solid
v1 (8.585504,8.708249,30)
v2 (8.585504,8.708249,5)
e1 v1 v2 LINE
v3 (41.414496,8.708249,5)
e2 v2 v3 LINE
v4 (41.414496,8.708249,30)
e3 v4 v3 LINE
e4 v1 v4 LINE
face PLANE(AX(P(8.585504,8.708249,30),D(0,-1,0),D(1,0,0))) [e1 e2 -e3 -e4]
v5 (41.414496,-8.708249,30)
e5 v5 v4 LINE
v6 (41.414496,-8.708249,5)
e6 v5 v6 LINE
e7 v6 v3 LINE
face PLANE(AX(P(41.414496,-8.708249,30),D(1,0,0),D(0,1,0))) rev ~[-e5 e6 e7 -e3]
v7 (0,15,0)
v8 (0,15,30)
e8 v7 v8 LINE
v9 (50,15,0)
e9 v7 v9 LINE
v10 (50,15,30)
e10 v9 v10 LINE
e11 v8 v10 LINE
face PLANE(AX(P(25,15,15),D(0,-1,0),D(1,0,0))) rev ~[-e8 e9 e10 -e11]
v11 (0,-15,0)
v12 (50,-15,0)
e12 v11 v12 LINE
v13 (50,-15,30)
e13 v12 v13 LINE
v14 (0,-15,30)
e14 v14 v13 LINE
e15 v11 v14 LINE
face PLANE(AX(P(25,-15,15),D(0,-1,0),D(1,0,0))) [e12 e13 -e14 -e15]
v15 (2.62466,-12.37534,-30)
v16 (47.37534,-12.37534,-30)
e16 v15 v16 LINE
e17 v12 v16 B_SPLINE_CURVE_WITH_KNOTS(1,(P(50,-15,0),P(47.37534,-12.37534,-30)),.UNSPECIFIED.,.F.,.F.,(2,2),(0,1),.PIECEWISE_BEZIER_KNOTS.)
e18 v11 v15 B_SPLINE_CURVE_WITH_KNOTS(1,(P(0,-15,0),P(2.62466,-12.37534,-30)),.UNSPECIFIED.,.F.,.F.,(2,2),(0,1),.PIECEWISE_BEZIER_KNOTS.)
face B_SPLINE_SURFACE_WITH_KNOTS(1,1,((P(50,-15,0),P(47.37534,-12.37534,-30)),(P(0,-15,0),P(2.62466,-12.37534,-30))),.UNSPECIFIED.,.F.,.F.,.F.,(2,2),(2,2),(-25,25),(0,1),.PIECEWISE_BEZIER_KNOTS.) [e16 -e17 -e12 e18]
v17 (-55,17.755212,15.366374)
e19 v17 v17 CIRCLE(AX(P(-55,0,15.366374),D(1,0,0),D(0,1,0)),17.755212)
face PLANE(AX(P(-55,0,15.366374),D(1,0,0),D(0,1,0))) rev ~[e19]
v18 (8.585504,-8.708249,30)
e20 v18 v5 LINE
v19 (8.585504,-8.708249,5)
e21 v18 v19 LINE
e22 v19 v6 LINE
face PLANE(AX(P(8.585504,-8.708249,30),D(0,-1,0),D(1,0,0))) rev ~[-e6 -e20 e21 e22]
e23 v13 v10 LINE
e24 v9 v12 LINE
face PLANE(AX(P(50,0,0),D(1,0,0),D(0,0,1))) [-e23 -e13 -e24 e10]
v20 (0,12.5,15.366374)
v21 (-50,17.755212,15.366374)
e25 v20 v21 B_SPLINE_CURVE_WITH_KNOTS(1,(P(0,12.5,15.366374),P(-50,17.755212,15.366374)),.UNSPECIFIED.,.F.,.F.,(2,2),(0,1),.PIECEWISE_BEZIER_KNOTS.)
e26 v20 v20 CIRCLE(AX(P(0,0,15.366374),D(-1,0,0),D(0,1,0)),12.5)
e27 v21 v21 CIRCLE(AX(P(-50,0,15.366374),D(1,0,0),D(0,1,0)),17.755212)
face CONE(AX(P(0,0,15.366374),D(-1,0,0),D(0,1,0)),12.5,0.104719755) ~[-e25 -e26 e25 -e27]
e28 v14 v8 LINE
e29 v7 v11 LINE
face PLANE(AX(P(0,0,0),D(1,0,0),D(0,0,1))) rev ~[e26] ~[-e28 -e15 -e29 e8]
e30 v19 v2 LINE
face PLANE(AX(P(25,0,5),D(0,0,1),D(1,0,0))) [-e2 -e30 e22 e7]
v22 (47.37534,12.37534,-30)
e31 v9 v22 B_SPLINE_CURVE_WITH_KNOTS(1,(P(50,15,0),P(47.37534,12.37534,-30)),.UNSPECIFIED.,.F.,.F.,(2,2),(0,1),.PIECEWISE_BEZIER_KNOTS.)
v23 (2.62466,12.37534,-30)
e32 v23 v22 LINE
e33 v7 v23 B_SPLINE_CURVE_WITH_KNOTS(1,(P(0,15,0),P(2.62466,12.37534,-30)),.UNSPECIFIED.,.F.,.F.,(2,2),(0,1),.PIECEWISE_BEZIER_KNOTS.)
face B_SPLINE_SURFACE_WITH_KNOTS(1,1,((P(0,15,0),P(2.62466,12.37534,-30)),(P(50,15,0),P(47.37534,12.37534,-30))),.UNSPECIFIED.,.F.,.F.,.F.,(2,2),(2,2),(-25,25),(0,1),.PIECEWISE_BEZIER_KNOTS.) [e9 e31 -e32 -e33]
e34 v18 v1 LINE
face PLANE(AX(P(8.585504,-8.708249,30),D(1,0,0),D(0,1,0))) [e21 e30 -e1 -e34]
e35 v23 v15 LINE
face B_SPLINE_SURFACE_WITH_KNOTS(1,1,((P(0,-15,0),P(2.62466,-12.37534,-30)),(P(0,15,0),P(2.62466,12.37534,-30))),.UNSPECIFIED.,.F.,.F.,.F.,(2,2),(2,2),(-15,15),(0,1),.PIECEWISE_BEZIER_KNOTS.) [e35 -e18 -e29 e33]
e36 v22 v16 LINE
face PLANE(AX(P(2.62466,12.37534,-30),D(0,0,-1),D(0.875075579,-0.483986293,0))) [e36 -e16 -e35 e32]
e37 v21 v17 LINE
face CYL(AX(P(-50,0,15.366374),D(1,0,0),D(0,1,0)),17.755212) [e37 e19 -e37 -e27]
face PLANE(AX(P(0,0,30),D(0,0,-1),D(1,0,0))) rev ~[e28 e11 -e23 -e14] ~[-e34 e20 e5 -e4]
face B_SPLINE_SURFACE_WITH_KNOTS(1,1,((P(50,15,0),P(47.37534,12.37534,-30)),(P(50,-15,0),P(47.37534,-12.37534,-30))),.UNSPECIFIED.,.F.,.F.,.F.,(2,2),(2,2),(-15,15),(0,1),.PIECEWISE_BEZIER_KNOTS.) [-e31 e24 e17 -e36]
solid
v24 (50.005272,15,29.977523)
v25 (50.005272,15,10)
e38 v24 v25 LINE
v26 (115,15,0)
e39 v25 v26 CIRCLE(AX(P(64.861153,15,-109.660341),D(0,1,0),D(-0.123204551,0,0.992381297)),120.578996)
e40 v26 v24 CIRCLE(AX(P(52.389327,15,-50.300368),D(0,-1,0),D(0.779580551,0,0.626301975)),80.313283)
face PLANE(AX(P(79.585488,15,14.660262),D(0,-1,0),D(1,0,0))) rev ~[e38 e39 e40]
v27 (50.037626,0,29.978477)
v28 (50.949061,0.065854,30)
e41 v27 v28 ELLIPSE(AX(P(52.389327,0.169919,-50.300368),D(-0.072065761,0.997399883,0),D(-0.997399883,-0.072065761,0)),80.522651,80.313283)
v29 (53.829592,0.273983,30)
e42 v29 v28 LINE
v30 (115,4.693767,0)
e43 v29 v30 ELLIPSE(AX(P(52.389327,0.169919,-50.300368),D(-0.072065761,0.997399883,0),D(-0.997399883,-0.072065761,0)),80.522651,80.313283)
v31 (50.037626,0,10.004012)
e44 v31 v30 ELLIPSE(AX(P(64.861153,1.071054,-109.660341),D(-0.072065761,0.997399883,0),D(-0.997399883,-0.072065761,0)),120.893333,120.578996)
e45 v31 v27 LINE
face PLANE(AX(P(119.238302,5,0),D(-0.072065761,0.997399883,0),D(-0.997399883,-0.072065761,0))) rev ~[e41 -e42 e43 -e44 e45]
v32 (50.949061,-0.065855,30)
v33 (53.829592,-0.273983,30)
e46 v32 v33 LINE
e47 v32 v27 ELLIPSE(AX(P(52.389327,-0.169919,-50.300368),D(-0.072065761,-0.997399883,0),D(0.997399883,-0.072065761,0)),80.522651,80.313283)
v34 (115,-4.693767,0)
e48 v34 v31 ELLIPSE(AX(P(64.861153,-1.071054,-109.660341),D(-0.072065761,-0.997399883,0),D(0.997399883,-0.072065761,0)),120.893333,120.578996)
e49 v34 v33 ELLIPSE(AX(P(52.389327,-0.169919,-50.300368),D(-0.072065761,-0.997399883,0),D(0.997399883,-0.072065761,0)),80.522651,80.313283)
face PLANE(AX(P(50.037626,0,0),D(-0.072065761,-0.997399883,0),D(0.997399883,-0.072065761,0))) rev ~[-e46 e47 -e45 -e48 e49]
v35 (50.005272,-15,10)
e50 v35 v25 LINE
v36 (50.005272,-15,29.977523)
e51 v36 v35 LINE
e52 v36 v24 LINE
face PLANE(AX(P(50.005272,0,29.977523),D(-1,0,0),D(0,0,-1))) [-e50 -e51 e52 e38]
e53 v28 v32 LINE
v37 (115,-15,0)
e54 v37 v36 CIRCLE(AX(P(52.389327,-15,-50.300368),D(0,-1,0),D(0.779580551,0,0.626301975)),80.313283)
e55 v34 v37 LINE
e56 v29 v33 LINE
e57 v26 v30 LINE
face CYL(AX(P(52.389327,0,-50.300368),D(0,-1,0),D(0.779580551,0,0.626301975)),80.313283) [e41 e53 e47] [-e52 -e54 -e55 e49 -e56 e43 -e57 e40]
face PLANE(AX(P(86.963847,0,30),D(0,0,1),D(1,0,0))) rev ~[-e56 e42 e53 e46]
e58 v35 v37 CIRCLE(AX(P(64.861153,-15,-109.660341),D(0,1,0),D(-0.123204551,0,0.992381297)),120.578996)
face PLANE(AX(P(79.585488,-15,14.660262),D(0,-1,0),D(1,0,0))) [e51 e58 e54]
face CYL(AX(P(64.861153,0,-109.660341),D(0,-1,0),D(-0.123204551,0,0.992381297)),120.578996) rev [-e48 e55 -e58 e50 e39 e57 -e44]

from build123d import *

# Parameters (mm, degrees)
F0_W      = 50
F0_H      = 30
F1_DEPTH  = 15
F1_FACE_W = 50
F1_FACE_H = 30
F2_DEPTH  = 30
F2_TAPER  = 5
F3_R      = 12.5
F4_DEPTH  = 50
F4_TAPER  = -6
F6_DEPTH  = 15
F7_DEPTH  = 5
F9_DEPTH  = 30
F10_W     = 32.8289911151
F10_H     = 17.4164976925
F11_DEPTH = 25


with BuildPart() as f1:
    # F0 (on Front) → F1 (new body, symmetric)
    with BuildSketch(Plane.XZ):
        with Locations((25, 15)):
            Rectangle(F0_W, F0_H)
    extrude(amount=F1_DEPTH, both=True)

    # F1_face (on face) → F2 (join)
    with BuildSketch(Plane(origin=(25, 0, 0), x_dir=(1, 0, 0), z_dir=(0, 0, -1))):
        Rectangle(F1_FACE_W, F1_FACE_H)
    extrude(amount=F2_DEPTH, taper=F2_TAPER)

    # F3 (on Right) → F4 (join)
    with BuildSketch(Plane.YZ):
        with Locations((0, 15.3663739569)):
            Circle(F3_R)
    extrude(amount=-F4_DEPTH, taper=F4_TAPER)

    # F7 (add): a face of the model
    f7_faces = [f1.faces().sort_by_distance(p)[0] for p in [
        (-50, 0, 15.3663739569),
    ]]
    extrude(f7_faces, amount=F7_DEPTH)

    # F10 (on face) → F11 (cut)
    with BuildSketch(Plane.XY.offset(30)):
        with Locations((25, 0)):
            Rectangle(F10_W, F10_H)
    extrude(amount=-F11_DEPTH, mode=Mode.SUBTRACT)


with BuildPart() as f6:
    # F5 (on Front) → F6 (new body, symmetric)
    with BuildSketch(Plane.XZ):
        with BuildLine():
            ThreePointArc((50.0052720308, 9.9999997765), (83.1975081998, 9.5163028491), (115, 0))
            ThreePointArc((115, 0), (86.0267220337, 22.6293864629), (50.0052720308, 29.9775227904))
            Line((50.0052720308, 29.9775227904), (50.0052720308, 9.9999997765))
        make_face()
    extrude(amount=F6_DEPTH, both=True)

    # F8 (on Top) → F9 (cut, symmetric)
    with BuildSketch(Plane.XY):
        Polygon((119.2383021116, 4.9999998882), (50.0376261771, -5.59e-08), (119.2383021116, -5), align=None)
    extrude(amount=F9_DEPTH, both=True, mode=Mode.SUBTRACT)


solid = Compound([f1.part, f6.part])
